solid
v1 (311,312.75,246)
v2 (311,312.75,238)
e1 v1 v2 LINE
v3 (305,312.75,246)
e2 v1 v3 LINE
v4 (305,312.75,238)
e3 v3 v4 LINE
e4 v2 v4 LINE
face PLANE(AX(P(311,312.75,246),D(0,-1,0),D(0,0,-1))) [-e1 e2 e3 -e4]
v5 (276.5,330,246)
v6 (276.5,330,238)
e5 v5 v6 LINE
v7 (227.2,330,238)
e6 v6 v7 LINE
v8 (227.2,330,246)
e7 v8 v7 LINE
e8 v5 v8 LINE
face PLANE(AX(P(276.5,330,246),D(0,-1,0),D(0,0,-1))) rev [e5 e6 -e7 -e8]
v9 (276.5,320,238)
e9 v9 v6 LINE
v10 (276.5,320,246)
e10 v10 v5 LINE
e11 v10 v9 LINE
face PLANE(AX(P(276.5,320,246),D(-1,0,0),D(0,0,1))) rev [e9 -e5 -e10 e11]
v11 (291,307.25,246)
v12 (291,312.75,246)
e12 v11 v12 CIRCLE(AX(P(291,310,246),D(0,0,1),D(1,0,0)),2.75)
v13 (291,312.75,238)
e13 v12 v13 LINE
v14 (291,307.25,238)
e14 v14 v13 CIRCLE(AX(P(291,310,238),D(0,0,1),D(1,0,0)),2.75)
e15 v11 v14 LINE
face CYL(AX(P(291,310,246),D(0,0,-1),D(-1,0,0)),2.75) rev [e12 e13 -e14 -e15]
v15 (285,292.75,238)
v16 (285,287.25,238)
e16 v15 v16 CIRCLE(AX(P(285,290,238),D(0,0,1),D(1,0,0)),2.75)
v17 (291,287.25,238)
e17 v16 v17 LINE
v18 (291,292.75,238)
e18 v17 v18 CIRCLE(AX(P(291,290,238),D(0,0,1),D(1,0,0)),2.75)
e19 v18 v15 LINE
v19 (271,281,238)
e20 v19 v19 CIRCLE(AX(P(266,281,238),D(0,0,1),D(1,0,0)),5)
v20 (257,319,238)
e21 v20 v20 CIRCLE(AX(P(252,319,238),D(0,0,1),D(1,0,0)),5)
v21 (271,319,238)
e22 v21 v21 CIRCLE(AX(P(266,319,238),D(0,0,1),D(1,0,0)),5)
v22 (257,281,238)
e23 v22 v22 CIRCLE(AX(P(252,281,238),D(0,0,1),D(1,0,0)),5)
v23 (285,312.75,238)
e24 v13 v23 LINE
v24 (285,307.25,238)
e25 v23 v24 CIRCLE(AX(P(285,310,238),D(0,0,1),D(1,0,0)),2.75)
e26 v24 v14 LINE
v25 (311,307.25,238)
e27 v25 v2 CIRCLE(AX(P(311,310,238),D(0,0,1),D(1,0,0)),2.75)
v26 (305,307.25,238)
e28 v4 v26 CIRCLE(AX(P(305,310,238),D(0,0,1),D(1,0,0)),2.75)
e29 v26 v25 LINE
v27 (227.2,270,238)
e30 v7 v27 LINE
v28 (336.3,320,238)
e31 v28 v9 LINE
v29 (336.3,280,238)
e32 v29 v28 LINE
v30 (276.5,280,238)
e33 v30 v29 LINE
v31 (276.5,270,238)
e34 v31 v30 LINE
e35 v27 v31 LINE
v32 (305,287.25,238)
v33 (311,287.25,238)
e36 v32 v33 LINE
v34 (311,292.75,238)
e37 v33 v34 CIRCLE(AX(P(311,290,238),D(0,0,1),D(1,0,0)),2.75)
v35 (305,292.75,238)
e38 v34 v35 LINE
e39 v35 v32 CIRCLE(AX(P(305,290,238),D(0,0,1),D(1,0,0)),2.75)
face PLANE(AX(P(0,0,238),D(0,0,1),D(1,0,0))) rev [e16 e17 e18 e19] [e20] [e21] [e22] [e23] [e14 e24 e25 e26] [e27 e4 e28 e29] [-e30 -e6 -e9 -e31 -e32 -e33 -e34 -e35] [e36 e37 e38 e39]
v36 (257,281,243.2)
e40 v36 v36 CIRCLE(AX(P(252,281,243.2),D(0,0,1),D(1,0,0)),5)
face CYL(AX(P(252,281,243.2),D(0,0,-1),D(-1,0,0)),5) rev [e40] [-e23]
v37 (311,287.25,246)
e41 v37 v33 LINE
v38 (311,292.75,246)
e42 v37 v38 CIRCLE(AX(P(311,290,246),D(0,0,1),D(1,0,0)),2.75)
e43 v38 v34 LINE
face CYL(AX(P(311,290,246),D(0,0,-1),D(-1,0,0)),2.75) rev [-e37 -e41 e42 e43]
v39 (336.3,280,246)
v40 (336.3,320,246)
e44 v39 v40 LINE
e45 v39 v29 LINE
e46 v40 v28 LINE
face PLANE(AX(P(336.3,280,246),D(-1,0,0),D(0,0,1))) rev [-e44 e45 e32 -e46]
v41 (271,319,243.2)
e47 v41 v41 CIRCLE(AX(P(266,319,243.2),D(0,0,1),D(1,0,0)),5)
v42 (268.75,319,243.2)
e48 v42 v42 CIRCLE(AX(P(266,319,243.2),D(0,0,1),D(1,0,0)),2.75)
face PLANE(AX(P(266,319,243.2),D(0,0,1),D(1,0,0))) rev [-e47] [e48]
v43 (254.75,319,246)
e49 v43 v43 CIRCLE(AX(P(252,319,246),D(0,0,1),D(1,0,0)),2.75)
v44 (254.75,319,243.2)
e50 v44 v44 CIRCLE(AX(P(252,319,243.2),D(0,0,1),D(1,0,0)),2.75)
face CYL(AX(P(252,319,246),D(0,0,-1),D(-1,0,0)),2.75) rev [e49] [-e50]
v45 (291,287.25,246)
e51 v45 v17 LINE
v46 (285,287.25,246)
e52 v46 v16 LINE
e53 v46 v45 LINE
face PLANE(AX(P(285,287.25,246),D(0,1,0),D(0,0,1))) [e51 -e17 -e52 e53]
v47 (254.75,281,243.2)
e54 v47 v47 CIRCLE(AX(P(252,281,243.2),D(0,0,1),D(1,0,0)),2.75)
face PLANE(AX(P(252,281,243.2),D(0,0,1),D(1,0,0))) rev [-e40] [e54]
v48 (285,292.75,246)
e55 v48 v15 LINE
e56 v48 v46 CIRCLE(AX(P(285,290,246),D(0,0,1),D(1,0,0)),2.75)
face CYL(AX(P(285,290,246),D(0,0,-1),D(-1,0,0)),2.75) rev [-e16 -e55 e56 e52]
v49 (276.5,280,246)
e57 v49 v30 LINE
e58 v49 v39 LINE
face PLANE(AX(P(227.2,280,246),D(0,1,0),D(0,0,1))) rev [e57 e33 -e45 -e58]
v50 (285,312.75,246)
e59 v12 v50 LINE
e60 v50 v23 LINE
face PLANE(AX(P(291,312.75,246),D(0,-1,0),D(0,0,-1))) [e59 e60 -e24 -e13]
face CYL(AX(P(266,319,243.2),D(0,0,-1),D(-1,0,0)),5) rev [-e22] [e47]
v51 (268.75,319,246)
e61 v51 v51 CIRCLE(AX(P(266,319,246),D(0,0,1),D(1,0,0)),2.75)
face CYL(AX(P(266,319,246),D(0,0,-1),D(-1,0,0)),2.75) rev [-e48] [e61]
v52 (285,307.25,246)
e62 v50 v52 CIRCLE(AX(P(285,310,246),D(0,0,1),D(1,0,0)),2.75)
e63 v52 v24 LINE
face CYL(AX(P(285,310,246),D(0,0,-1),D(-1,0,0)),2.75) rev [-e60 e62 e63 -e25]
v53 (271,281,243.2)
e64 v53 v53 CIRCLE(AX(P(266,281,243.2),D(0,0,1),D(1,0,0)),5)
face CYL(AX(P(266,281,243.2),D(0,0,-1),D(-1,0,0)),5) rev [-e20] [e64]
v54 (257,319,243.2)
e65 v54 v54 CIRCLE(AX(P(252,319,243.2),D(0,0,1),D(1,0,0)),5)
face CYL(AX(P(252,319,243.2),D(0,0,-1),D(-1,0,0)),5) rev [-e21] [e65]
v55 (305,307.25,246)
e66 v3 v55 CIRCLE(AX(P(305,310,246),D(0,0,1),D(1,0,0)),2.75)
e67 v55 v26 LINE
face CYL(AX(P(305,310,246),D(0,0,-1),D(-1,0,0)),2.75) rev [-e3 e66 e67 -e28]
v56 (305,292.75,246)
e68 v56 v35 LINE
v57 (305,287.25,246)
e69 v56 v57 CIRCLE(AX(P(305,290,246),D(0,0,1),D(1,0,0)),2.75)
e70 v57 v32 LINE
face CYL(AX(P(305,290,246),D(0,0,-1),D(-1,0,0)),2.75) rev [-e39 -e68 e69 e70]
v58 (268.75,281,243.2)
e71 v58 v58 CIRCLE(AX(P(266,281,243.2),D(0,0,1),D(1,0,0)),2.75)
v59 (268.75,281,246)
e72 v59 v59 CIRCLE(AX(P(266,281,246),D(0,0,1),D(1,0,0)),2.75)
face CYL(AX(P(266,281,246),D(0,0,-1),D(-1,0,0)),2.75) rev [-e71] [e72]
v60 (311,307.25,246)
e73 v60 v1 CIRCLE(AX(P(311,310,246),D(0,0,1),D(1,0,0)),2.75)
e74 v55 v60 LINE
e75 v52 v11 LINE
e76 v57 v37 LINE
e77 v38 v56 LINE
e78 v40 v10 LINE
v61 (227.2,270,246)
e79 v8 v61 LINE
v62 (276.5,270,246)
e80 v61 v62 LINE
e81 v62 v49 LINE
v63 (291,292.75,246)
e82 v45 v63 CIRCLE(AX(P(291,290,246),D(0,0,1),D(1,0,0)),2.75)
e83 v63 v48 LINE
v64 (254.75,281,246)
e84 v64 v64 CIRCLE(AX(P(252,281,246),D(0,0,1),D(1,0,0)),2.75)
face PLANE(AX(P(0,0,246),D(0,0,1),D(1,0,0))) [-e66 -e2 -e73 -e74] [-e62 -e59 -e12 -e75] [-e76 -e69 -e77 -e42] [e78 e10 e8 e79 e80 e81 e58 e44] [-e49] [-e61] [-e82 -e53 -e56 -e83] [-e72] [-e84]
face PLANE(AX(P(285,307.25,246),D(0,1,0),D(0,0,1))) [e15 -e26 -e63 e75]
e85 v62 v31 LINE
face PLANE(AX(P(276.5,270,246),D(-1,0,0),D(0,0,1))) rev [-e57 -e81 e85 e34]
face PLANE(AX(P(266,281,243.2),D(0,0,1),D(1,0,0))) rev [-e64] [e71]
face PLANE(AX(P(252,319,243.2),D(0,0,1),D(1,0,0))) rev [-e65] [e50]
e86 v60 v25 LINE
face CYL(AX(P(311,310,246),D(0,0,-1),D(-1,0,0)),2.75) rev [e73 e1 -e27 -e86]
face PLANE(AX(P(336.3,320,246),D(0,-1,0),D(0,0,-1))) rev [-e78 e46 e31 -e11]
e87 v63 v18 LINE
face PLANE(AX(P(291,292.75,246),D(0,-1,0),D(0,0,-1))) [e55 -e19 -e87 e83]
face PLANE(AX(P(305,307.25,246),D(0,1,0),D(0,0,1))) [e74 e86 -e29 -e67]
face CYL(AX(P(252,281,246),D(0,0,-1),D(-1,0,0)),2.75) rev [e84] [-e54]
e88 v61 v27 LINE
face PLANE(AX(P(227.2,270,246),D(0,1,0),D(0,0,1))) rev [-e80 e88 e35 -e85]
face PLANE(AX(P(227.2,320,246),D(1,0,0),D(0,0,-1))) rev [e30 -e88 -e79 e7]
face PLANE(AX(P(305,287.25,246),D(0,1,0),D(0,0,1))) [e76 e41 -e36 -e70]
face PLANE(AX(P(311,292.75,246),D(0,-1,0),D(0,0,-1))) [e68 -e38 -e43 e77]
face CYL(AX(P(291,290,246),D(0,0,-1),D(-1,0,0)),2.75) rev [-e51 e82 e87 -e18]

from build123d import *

# Parameters (mm, degrees)
SKETCH1_W           = 109.1
SKETCH1_H           = 40
BOSS_EXTRUDE1_DEPTH = 8
SKETCH2_W           = 49.3
SKETCH2_H           = 10
BOSS_EXTRUDE2_DEPTH = 8
SKETCH3_W           = 49.3
SKETCH3_H           = 10
BOSS_EXTRUDE3_DEPTH = 8
SKETCH4_R           = 2.75
CUT_EXTRUDE1_DEPTH  = 8
SKETCH5_R           = 5
CUT_EXTRUDE2_DEPTH  = 5.2


with BuildPart() as part:
    # Sketch1 → Boss-Extrude1 (new body)
    with BuildSketch(Plane.XY.offset(238)):
        with Locations((281.75, 300)):
            Rectangle(SKETCH1_W, SKETCH1_H)
        with BuildLine():
            Line((285, 287.25), (291, 287.25))
            ThreePointArc((291, 287.25), (293.75, 290), (291, 292.75))
            Line((291, 292.75), (285, 292.75))
            ThreePointArc((285, 292.75), (282.25, 290), (285, 287.25))
        make_face(mode=Mode.SUBTRACT)
        with BuildLine():
            Line((285, 307.25), (291, 307.25))
            ThreePointArc((291, 307.25), (293.75, 310), (291, 312.75))
            Line((291, 312.75), (285, 312.75))
            ThreePointArc((285, 312.75), (282.25, 310), (285, 307.25))
        make_face(mode=Mode.SUBTRACT)
        with BuildLine():
            Line((305, 287.25), (311, 287.25))
            ThreePointArc((311, 287.25), (313.75, 290), (311, 292.75))
            Line((311, 292.75), (305, 292.75))
            ThreePointArc((305, 292.75), (302.25, 290), (305, 287.25))
        make_face(mode=Mode.SUBTRACT)
        with BuildLine():
            Line((305, 307.25), (311, 307.25))
            ThreePointArc((311, 307.25), (313.75, 310), (311, 312.75))
            Line((311, 312.75), (305, 312.75))
            ThreePointArc((305, 312.75), (302.25, 310), (305, 307.25))
        make_face(mode=Mode.SUBTRACT)
    extrude(amount=BOSS_EXTRUDE1_DEPTH)

    # Sketch2 → Boss-Extrude2 (add)
    with BuildSketch(Plane.XY.offset(238)):
        with Locations((251.85, 275)):
            Rectangle(SKETCH2_W, SKETCH2_H)
    extrude(amount=BOSS_EXTRUDE2_DEPTH)

    # Sketch3 → Boss-Extrude3 (add)
    with BuildSketch(Plane.XY.offset(238)):
        with Locations((251.85, 325)):
            Rectangle(SKETCH3_W, SKETCH3_H)
    extrude(amount=BOSS_EXTRUDE3_DEPTH)

    # Sketch4 → Cut-Extrude1 (cut)
    with BuildSketch(Plane.XY.offset(238)):
        with Locations((252, 281)):
            Circle(SKETCH4_R)
        with Locations((252, 319)):
            Circle(SKETCH4_R)
        with Locations((266, 281)):
            Circle(SKETCH4_R)
        with Locations((266, 319)):
            Circle(SKETCH4_R)
    extrude(amount=CUT_EXTRUDE1_DEPTH, mode=Mode.SUBTRACT)

    # Sketch5 → Cut-Extrude2 (cut)
    with BuildSketch(Plane.XY.offset(238)):
        with Locations((252, 281)):
            Circle(SKETCH5_R)
        with Locations((252, 319)):
            Circle(SKETCH5_R)
        with Locations((266, 281)):
            Circle(SKETCH5_R)
        with Locations((266, 319)):
            Circle(SKETCH5_R)
    extrude(amount=CUT_EXTRUDE2_DEPTH, mode=Mode.SUBTRACT)


solid = part.part
